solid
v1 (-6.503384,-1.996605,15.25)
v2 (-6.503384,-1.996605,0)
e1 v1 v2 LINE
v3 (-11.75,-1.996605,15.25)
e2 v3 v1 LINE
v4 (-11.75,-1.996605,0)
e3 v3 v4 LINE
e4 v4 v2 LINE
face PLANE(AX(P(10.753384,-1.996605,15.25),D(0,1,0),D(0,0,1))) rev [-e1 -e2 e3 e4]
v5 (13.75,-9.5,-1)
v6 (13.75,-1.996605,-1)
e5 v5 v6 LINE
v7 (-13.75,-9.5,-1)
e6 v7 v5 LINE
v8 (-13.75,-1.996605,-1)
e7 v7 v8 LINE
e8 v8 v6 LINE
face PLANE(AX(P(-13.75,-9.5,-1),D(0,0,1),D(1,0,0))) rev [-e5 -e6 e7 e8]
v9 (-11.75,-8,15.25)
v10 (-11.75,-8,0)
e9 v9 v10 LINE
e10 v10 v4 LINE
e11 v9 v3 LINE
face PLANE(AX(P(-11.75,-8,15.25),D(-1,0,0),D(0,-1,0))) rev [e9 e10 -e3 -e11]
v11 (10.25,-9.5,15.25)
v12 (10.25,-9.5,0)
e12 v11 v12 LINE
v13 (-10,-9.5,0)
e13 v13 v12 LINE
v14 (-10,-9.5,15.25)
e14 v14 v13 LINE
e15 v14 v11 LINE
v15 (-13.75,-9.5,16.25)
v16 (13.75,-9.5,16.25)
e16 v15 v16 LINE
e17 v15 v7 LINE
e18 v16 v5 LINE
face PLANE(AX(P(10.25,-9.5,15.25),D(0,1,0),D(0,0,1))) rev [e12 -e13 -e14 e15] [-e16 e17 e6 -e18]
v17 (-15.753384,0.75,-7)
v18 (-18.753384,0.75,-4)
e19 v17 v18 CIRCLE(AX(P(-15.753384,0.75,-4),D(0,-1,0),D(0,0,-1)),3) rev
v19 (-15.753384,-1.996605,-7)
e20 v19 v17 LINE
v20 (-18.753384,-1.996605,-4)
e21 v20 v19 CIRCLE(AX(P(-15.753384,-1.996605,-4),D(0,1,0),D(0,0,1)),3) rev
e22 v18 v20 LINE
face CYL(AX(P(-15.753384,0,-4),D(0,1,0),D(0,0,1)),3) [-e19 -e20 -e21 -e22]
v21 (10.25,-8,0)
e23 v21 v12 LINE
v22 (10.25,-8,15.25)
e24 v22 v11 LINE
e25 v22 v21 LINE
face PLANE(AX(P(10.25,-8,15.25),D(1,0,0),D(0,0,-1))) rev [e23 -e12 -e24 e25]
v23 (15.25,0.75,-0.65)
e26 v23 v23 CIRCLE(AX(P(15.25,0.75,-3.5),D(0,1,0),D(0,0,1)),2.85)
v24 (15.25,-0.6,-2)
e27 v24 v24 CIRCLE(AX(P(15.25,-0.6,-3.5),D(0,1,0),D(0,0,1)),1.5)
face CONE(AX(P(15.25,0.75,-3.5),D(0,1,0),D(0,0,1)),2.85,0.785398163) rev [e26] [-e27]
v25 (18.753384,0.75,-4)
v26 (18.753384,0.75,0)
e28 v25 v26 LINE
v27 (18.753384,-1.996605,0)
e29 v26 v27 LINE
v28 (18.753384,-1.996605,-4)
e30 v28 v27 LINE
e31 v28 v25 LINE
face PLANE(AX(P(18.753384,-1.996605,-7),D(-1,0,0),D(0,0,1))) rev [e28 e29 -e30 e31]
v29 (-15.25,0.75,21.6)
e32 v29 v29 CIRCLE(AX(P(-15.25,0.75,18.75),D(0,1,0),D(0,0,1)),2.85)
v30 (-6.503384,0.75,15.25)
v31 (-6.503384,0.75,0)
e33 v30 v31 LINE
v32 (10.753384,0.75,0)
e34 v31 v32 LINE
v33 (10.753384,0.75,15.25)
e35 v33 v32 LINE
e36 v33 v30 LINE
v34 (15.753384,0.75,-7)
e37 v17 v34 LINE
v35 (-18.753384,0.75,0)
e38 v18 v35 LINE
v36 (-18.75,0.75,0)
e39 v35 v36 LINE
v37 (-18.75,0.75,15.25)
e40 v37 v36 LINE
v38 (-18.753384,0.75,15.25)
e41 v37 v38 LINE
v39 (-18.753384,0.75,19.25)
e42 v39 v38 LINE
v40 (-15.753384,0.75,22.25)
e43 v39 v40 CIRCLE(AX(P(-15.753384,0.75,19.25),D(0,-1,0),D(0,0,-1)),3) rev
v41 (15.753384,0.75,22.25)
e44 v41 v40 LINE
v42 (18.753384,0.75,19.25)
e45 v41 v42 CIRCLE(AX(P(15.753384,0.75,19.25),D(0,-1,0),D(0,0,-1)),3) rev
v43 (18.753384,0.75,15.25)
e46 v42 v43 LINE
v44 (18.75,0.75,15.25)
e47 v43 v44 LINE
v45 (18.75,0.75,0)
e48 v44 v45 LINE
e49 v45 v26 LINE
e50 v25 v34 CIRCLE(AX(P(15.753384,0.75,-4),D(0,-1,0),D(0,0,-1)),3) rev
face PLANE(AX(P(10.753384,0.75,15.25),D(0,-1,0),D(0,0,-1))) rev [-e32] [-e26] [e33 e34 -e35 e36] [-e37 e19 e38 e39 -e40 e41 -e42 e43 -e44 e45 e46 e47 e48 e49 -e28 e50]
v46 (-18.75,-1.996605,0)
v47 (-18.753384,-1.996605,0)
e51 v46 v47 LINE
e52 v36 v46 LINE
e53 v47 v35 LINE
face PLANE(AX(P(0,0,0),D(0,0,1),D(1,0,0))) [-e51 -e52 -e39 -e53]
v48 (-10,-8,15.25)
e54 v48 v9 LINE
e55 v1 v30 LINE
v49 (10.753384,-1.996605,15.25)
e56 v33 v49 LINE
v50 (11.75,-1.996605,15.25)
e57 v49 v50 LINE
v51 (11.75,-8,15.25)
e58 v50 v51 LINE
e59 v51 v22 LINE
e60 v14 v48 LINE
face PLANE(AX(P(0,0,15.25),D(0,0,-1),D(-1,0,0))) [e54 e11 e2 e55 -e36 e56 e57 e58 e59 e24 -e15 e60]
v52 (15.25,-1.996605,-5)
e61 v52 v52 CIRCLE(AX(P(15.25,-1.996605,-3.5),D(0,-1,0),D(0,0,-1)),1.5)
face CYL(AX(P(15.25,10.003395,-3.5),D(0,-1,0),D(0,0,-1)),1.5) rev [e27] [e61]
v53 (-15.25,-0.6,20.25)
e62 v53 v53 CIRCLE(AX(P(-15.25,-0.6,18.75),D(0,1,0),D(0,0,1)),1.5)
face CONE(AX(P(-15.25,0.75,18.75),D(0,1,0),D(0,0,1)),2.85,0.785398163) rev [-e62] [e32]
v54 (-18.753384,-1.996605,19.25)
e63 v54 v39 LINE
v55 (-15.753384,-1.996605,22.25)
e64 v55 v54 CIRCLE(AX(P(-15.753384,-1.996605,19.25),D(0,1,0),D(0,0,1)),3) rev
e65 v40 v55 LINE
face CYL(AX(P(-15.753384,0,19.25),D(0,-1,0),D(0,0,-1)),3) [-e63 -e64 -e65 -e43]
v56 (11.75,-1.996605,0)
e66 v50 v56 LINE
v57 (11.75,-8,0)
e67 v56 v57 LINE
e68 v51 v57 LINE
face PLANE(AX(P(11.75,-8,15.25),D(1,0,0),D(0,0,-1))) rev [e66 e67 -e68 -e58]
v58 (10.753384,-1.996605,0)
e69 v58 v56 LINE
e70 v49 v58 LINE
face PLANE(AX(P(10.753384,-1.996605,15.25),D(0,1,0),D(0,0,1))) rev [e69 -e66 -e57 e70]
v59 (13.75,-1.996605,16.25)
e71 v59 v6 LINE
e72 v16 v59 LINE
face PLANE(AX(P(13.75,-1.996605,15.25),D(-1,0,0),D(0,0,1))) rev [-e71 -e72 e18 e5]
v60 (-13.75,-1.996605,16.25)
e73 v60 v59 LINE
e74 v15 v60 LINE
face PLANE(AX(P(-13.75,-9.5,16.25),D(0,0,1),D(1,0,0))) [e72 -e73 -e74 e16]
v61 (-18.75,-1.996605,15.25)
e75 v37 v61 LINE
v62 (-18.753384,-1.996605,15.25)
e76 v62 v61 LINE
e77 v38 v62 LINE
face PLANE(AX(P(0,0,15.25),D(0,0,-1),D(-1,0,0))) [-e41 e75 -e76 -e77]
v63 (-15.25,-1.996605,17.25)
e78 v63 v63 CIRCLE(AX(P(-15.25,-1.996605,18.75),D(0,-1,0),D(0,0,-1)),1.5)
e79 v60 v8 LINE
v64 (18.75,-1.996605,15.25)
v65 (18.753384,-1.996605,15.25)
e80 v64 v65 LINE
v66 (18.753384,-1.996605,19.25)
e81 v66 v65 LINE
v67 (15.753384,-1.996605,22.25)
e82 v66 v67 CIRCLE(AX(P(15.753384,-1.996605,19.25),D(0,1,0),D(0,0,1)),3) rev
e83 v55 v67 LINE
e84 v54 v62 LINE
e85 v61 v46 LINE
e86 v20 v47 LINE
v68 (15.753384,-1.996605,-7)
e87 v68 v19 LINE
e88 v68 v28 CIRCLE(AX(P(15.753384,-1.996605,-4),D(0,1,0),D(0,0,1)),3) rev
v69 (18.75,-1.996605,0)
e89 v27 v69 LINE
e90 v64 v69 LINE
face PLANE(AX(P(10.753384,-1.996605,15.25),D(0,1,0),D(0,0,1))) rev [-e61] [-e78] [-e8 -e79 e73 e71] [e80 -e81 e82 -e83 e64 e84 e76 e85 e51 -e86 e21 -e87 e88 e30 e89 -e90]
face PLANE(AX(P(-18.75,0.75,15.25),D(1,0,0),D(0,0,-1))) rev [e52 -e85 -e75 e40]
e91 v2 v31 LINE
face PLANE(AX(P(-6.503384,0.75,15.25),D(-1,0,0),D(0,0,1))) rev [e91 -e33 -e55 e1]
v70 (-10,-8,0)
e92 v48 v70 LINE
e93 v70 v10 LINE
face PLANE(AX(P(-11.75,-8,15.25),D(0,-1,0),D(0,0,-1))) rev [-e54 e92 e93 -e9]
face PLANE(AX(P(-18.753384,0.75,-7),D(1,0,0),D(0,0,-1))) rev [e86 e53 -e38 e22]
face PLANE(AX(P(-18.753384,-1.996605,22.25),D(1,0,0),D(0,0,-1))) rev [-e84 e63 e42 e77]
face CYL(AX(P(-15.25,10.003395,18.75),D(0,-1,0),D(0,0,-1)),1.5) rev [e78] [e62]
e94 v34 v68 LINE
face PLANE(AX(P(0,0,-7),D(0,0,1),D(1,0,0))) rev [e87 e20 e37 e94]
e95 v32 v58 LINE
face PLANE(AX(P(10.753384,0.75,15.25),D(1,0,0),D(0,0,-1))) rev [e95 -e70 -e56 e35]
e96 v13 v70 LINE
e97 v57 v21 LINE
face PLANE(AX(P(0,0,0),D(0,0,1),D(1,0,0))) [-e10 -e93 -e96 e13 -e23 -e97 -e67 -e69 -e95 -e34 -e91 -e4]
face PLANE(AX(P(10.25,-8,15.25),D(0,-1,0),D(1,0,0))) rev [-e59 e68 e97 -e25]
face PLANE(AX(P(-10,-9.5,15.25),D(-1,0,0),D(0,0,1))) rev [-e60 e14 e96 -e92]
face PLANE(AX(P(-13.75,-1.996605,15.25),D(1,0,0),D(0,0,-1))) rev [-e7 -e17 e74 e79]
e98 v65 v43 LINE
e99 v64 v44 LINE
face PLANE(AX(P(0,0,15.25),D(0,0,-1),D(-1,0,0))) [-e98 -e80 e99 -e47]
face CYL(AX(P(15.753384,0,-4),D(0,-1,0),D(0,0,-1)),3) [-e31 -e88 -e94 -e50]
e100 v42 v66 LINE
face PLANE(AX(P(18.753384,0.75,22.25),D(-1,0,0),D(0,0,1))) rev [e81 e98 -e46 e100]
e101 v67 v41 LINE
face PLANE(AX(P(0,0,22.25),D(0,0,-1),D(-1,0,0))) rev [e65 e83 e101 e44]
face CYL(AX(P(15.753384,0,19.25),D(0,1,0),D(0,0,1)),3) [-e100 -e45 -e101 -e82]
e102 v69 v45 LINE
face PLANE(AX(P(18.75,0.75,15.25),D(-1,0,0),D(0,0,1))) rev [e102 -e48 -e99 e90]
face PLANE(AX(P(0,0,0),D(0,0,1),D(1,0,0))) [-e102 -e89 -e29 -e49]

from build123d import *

# Parameters (mm, degrees)
BOSS_EXTRUDE1_DEPTH   = 15.25
BOSS_EXTRUDE1_2_DEPTH = 15.25
SKETCH2_W             = 37.506767834
SKETCH2_H             = 2.746604554
BOSS_EXTRUDE2_DEPTH   = 7
SKETCH3_W             = 37.506767834
SKETCH3_H             = 2.746604554
BOSS_EXTRUDE3_DEPTH   = 7
SKETCH9_R             = 1.5
CUT_EXTRUDE1_DEPTH    = 12
FILLET1_R             = 3
SKETCH11_W            = 27.5
SKETCH11_H            = 1
BOSS_EXTRUDE5_DEPTH   = 7.503395


with BuildPart() as part:
    # Sketch1 → Boss-Extrude1 (new body)
    with BuildSketch(Plane.XY):
        Polygon((10.25, -8), (10.25, -9.5), (13.75, -9.5), (13.75, -1.996604554), (18.75, -1.996604554), (18.75, 0.75), (10.753383917, 0.75), (10.753383917, -1.996604554), (11.75, -1.996604554), (11.75, -8), align=None)
    extrude(amount=BOSS_EXTRUDE1_DEPTH)



with BuildPart() as body_2:
    # Sketch1 → Boss-Extrude1 2 (new body)
    with BuildSketch(Plane.XY):
        Polygon((-11.75, -8), (-10, -8), (-10, -9.5), (-13.75, -9.5), (-13.75, -1.996604554), (-18.75, -1.996604554), (-18.75, 0.75), (-6.503383917, 0.75), (-6.503383917, -1.996604554), (-11.75, -1.996604554), align=None)
    extrude(amount=BOSS_EXTRUDE1_2_DEPTH)


with BuildPart() as part_1:
    add(part.part)

    add(body_2.part)  # Boss-Extrude2 merges body 2
    # Sketch2 → Boss-Extrude2 (add)
    with BuildSketch(Plane.XY.offset(15.25)):
        with Locations((0, -0.623302277)):
            Rectangle(SKETCH2_W, SKETCH2_H)
    extrude(amount=BOSS_EXTRUDE2_DEPTH)

    # Sketch3 → Boss-Extrude3 (add)
    with BuildSketch(Plane(origin=(0, 0, 0), x_dir=(-1, 0, 0), z_dir=(0, 0, -1))):
        with Locations((0, -0.623302277)):
            Rectangle(SKETCH3_W, SKETCH3_H)
    extrude(amount=BOSS_EXTRUDE3_DEPTH)

    # Sketch9 → Cut-Extrude1 (cut)
    with BuildSketch(Plane.XZ.offset(1.996604554)):
        with Locations(Location((-15.25, 18.75, 0), (0, 0, 270))):
            Circle(SKETCH9_R)
        with Locations(Location((15.25, -3.5, 0), (0, 0, 270))):
            Circle(SKETCH9_R)
    extrude(amount=-CUT_EXTRUDE1_DEPTH, mode=Mode.SUBTRACT)

    # Fillet1
    fillet1_edges = [part_1.edges().sort_by_distance(p)[0] for p in [
        (-18.753383917, -0.623302277, 22.25),
        (18.753383917, -0.623302277, 22.25),
        (18.753383917, -0.623302277, -7),
        (-18.753383917, -0.623302277, -7),
    ]]
    fillet(fillet1_edges, radius=FILLET1_R)

    # Cut-Extrude2 cone 1 section (through the dimple's axis) → Cut-Extrude2 (revolve, cut)
    with BuildSketch(Plane(origin=(-15.25, 0.75, 18.75), x_dir=(0, 0, 1), z_dir=(1, 0, 0))):
        Polygon((0, 0), (2.85, 0), (0, 2.85), align=None)
    revolve(axis=Axis((-15.25, 0.75, 18.75), (0, -1, 0)), mode=Mode.SUBTRACT)

    # Cut-Extrude2 cone 2 section (through the dimple's axis) → Cut-Extrude2 cone 2 (revolve, cut)
    with BuildSketch(Plane(origin=(15.25, 0.75, -3.5), x_dir=(0, 0, 1), z_dir=(1, 0, 0))):
        Polygon((0, 0), (2.85, 0), (0, 2.85), align=None)
    revolve(axis=Axis((15.25, 0.75, -3.5), (0, -1, 0)), mode=Mode.SUBTRACT)

    # Sketch11 → Boss-Extrude5 (add)
    with BuildSketch(Plane.XZ.offset(1.996604554)):
        with Locations((0, 15.75)):
            Rectangle(SKETCH11_W, SKETCH11_H)
        with Locations((0, -0.5)):
            Rectangle(SKETCH11_W, SKETCH11_H)
    extrude(amount=BOSS_EXTRUDE5_DEPTH)


solid = part_1.part
